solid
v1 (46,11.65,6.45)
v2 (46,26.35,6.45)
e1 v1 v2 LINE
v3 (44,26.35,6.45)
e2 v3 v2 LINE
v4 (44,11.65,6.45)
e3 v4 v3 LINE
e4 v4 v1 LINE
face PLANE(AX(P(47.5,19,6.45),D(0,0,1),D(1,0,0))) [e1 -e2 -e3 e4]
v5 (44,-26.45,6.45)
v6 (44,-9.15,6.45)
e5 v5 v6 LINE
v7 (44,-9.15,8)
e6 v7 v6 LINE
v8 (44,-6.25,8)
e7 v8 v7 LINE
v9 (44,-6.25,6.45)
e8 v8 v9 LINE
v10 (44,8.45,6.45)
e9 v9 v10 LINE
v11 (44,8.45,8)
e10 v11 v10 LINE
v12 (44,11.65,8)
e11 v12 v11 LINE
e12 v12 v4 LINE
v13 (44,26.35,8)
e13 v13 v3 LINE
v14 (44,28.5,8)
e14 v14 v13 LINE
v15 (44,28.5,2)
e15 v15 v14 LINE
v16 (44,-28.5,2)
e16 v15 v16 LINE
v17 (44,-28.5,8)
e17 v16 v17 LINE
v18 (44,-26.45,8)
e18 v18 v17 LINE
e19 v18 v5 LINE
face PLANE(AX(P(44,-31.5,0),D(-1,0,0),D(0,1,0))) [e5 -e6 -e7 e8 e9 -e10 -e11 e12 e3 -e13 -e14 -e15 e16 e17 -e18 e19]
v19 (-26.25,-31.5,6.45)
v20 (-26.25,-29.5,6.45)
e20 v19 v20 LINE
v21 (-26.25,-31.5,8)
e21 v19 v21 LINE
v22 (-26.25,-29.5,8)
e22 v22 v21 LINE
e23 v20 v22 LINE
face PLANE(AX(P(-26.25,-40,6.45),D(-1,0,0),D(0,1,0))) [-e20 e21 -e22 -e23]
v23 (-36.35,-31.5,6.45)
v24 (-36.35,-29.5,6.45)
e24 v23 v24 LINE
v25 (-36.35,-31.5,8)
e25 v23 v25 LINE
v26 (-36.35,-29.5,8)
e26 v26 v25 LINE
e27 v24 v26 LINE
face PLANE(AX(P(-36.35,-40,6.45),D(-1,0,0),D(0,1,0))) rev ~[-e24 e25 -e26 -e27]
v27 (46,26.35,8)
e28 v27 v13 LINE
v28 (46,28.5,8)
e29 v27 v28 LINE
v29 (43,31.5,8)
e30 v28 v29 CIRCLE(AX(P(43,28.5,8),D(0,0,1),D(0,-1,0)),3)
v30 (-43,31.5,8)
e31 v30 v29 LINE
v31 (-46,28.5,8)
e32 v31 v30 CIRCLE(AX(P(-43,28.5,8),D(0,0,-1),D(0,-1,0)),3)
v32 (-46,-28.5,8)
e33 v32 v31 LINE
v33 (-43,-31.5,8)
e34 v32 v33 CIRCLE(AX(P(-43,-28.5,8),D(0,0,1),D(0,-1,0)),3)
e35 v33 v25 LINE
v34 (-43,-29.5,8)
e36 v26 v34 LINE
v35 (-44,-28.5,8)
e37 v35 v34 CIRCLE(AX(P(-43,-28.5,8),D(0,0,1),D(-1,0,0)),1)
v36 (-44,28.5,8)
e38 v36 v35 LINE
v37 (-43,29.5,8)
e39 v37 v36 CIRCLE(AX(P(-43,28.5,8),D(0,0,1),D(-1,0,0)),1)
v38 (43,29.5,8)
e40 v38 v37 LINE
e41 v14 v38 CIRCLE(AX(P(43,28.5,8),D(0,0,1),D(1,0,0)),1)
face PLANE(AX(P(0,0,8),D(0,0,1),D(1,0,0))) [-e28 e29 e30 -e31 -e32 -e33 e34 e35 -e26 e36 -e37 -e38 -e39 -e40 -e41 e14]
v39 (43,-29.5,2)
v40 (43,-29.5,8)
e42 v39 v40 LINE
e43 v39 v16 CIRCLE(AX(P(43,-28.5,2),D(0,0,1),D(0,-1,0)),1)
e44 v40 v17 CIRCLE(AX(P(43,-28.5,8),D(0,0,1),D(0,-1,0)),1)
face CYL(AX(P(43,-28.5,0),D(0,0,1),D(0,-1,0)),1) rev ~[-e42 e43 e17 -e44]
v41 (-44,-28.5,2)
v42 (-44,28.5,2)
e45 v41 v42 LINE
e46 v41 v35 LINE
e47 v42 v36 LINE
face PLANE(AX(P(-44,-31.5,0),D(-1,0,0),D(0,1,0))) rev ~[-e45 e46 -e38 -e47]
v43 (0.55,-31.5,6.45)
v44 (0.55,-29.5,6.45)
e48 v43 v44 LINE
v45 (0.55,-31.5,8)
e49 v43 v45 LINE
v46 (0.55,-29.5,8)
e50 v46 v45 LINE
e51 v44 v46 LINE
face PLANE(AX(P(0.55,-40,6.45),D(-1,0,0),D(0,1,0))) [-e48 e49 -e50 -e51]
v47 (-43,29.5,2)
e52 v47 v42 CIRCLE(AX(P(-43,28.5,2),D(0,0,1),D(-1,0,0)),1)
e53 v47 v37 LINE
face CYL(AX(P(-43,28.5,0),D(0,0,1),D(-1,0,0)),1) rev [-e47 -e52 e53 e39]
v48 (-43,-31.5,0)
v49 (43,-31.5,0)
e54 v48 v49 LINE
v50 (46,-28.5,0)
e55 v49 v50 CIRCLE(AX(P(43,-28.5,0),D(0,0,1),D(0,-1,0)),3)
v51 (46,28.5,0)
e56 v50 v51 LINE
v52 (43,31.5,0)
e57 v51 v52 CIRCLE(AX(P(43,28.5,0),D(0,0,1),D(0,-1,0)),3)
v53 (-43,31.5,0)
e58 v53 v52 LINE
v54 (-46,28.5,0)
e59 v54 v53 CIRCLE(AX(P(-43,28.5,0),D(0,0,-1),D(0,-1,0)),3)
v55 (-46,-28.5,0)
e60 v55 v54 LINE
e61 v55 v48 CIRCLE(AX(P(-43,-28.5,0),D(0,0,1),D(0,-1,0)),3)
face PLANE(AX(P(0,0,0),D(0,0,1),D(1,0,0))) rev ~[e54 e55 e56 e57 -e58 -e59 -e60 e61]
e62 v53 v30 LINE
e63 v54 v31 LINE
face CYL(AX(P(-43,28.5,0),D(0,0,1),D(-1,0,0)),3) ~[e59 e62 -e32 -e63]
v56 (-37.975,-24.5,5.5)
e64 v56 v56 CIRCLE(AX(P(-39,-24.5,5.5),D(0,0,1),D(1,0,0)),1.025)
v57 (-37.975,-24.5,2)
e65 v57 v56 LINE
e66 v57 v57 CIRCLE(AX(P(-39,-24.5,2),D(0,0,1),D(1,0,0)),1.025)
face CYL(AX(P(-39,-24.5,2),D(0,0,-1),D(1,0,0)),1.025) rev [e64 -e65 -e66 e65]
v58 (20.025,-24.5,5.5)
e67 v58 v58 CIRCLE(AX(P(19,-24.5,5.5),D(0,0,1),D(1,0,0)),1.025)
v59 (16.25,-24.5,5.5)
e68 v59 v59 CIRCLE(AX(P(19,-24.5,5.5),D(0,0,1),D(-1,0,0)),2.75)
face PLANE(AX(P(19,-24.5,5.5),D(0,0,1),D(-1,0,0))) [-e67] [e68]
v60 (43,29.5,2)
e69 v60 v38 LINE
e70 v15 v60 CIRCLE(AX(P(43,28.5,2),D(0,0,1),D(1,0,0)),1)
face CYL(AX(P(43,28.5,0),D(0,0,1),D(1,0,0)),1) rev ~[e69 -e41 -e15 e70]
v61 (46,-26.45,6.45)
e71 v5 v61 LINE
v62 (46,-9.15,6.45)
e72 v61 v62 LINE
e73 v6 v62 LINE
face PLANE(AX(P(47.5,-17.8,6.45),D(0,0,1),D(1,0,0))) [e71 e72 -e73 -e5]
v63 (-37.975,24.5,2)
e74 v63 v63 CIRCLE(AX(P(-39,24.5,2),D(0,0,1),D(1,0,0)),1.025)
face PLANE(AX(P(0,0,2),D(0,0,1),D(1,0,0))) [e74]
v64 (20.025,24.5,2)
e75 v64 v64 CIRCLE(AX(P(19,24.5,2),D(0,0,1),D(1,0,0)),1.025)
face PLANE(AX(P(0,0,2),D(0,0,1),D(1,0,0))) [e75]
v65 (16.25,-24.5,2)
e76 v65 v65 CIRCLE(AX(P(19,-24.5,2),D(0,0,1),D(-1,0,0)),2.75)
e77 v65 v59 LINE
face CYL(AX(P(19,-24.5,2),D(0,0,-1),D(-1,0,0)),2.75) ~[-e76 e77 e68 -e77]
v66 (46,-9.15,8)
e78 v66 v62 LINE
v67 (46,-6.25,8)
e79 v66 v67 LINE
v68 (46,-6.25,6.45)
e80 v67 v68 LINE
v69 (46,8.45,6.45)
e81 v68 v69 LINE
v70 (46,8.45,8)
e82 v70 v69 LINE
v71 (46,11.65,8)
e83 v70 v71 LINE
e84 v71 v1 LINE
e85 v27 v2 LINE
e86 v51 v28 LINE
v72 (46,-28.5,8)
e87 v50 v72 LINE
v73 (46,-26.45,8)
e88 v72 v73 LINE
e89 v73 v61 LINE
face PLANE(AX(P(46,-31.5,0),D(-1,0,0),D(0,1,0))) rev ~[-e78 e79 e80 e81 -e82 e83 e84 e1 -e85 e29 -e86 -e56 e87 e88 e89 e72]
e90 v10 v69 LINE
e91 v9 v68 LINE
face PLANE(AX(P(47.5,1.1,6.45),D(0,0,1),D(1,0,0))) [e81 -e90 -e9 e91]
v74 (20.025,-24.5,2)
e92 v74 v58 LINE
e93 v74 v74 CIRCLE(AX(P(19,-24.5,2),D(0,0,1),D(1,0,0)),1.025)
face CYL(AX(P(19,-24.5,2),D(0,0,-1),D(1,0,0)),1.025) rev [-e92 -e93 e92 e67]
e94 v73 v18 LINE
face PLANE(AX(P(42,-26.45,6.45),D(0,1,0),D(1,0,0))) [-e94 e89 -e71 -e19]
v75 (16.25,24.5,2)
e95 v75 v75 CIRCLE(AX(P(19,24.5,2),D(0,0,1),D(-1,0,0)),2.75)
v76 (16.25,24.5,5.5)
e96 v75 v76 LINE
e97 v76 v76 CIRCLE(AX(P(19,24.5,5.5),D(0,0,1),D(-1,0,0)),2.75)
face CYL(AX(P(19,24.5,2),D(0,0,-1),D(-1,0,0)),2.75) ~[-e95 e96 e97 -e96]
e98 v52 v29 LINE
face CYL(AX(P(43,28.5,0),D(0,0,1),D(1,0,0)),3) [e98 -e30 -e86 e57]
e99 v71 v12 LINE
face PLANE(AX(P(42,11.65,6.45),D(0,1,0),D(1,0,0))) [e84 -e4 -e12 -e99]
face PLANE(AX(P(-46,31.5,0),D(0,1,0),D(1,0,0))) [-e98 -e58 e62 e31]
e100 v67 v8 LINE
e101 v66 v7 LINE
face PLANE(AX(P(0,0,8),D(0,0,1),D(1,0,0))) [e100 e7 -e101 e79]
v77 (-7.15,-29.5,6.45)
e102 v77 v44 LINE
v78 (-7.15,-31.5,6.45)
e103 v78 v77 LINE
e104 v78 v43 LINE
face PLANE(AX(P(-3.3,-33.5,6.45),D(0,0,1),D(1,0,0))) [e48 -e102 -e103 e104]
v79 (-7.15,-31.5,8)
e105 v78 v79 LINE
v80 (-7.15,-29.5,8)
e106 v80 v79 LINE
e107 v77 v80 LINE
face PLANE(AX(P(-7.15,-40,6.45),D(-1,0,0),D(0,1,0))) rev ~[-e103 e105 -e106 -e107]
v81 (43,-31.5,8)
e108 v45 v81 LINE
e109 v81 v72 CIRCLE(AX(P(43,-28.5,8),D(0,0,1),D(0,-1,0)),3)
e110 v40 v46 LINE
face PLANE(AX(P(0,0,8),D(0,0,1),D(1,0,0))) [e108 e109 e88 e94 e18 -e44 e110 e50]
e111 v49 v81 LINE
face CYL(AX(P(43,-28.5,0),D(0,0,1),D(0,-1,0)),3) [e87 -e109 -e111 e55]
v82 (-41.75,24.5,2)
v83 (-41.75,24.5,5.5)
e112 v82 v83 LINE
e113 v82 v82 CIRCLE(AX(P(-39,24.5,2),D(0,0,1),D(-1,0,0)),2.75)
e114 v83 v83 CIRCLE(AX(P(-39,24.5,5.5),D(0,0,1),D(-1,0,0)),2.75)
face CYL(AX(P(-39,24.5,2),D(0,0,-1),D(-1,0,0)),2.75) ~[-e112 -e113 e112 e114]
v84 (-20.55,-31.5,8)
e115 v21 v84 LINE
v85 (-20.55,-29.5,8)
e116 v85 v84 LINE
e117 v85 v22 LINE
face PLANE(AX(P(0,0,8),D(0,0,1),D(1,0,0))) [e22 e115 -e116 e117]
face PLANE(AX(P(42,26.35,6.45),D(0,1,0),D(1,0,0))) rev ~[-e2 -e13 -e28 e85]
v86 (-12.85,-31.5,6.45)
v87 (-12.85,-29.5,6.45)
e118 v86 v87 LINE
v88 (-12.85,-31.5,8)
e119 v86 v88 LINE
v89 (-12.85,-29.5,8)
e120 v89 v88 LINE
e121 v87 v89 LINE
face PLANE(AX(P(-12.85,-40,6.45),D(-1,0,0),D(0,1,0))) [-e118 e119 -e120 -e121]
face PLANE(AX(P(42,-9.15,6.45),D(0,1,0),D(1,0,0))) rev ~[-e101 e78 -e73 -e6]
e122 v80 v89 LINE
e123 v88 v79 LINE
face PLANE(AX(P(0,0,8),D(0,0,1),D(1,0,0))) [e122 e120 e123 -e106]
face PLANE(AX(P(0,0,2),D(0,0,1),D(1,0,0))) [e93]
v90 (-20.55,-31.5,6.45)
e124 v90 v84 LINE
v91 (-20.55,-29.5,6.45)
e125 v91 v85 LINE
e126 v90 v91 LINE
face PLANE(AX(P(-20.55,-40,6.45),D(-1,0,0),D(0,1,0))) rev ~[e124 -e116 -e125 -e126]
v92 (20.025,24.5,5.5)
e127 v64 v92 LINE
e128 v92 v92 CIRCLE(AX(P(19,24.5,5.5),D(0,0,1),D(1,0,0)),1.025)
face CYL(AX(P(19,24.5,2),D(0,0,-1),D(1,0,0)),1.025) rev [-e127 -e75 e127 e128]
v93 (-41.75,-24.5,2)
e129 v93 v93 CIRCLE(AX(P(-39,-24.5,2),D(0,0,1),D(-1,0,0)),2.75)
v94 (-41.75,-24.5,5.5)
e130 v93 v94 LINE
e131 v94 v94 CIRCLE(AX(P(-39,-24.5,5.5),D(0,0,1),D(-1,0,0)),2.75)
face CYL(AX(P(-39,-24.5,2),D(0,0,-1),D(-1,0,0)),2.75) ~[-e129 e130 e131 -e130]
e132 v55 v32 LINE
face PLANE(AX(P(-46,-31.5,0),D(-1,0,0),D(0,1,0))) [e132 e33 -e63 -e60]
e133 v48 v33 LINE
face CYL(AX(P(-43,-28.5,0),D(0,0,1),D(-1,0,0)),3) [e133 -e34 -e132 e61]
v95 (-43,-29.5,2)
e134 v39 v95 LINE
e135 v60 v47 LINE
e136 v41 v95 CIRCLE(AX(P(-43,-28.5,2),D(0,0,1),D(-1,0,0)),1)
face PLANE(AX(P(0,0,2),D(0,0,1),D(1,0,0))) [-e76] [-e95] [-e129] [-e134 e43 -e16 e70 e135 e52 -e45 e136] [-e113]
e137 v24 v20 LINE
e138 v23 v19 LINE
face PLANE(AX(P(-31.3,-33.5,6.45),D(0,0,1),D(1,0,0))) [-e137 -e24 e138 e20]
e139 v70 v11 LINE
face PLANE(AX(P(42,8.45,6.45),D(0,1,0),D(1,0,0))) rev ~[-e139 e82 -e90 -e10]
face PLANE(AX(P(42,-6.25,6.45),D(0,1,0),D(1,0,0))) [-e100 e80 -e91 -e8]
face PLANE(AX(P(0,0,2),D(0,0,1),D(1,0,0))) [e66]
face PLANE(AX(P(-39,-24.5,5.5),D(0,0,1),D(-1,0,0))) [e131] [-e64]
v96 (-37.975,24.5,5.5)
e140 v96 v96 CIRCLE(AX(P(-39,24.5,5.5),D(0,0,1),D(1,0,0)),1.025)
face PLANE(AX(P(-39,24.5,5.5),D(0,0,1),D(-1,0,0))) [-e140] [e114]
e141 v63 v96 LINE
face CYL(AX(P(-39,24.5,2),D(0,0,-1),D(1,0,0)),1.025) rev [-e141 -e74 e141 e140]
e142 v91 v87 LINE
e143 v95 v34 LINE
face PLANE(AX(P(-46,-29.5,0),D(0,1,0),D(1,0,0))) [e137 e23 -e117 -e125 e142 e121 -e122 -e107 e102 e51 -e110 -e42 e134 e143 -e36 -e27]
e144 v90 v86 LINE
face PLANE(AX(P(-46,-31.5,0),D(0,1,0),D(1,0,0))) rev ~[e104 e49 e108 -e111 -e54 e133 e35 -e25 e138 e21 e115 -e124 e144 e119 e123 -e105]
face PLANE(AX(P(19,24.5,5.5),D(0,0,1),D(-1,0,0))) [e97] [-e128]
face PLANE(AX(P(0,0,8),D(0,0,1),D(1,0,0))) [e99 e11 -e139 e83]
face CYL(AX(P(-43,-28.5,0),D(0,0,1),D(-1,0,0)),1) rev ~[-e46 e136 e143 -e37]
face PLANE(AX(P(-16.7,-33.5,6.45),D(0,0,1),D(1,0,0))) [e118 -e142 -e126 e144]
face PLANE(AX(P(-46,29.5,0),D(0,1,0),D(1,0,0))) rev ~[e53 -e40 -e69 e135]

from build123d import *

# Parameters (mm, degrees)
CASEENVELOPE_W                       = 92
CASEENVELOPE_H                       = 63
BOTTOM_ENVELOPE_DEPTH                = 8
OUTSIDE_R3_R                         = 3
SHELL_1_T                            = -2
SIDEPORT_CLEARANCE_1_START           = 6.45
SIDEPORT_PROFILE_1_W                 = 10.1
SIDEPORT_PROFILE_1_H                 = 13
SIDEPORT_CLEARANCE_1_DEPTH           = 4.5
SIDEPORT_CLEARANCE_2_START           = 6.45
SIDEPORT_PROFILE_2_W                 = 7.7
SIDEPORT_PROFILE_2_H                 = 13
SIDEPORT_CLEARANCE_2_DEPTH           = 4.7
SIDEPORT_CLEARANCE_3_START           = 6.45
SIDEPORT_PROFILE_3_W                 = 7.7
SIDEPORT_PROFILE_3_H                 = 13
SIDEPORT_CLEARANCE_3_DEPTH           = 4.7
ENDPORT_CLEARANCE_1_START            = 6.45
ENDPORT_PROFILE_1_W                  = 11
ENDPORT_PROFILE_1_H                  = 17.3
ENDPORT_CLEARANCE_1_DEPTH            = 14.6
ENDPORT_CLEARANCE_2_START            = 6.45
ENDPORT_PROFILE_2_W                  = 11
ENDPORT_PROFILE_2_H                  = 14.7
ENDPORT_CLEARANCE_2_DEPTH            = 16.3
ENDPORT_CLEARANCE_3_START            = 6.45
ENDPORT_PROFILE_3_W                  = 11
ENDPORT_PROFILE_3_H                  = 14.7
ENDPORT_CLEARANCE_3_DEPTH            = 16.3
FOUR_M2P5_STANDOFFS_2P05_PILOT_START = 2
STANDOFF_RINGS_R                     = 2.75
STANDOFF_RINGS_R_2                   = 1.025
FOUR_M2P5_STANDOFFS_2P05_PILOT_DEPTH = 3.5


with BuildPart() as part:
    # CaseEnvelope → Bottom_Envelope (new body)
    with BuildSketch(Plane.XY):
        Rectangle(CASEENVELOPE_W, CASEENVELOPE_H)
    extrude(amount=BOTTOM_ENVELOPE_DEPTH)

    # Outside_R3
    outside_r3_edges = [part.edges().sort_by_distance(p)[0] for p in [
        (46, -31.5, 4),
        (-46, -31.5, 4),
        (-46, 31.5, 4),
        (46, 31.5, 4),
    ]]
    fillet(outside_r3_edges, radius=OUTSIDE_R3_R)

    # 抽壳1
    shell_1_openings = [part.faces().sort_by_distance(p)[0] for p in [
        (0, 0, 8),
    ]]
    offset(amount=SHELL_1_T, openings=shell_1_openings, kind=Kind.INTERSECTION)

    # SidePort_Profile_1 → SidePort_Clearance_1 (cut)
    with BuildSketch(Plane.XY.offset(SIDEPORT_CLEARANCE_1_START)):
        with Locations((-31.3, -33.5)):
            Rectangle(SIDEPORT_PROFILE_1_W, SIDEPORT_PROFILE_1_H)
    extrude(amount=SIDEPORT_CLEARANCE_1_DEPTH, mode=Mode.SUBTRACT)

    # SidePort_Profile_2 → SidePort_Clearance_2 (cut)
    with BuildSketch(Plane.XY.offset(SIDEPORT_CLEARANCE_2_START)):
        with Locations((-16.7, -33.5)):
            Rectangle(SIDEPORT_PROFILE_2_W, SIDEPORT_PROFILE_2_H)
    extrude(amount=SIDEPORT_CLEARANCE_2_DEPTH, mode=Mode.SUBTRACT)

    # SidePort_Profile_3 → SidePort_Clearance_3 (cut)
    with BuildSketch(Plane.XY.offset(SIDEPORT_CLEARANCE_3_START)):
        with Locations((-3.3, -33.5)):
            Rectangle(SIDEPORT_PROFILE_3_W, SIDEPORT_PROFILE_3_H)
    extrude(amount=SIDEPORT_CLEARANCE_3_DEPTH, mode=Mode.SUBTRACT)

    # EndPort_Profile_1 → EndPort_Clearance_1 (cut)
    with BuildSketch(Plane.XY.offset(ENDPORT_CLEARANCE_1_START)):
        with Locations((47.5, -17.8)):
            Rectangle(ENDPORT_PROFILE_1_W, ENDPORT_PROFILE_1_H)
    extrude(amount=ENDPORT_CLEARANCE_1_DEPTH, mode=Mode.SUBTRACT)

    # EndPort_Profile_2 → EndPort_Clearance_2 (cut)
    with BuildSketch(Plane.XY.offset(ENDPORT_CLEARANCE_2_START)):
        with Locations((47.5, 1.1)):
            Rectangle(ENDPORT_PROFILE_2_W, ENDPORT_PROFILE_2_H)
    extrude(amount=ENDPORT_CLEARANCE_2_DEPTH, mode=Mode.SUBTRACT)

    # EndPort_Profile_3 → EndPort_Clearance_3 (cut)
    with BuildSketch(Plane.XY.offset(ENDPORT_CLEARANCE_3_START)):
        with Locations((47.5, 19)):
            Rectangle(ENDPORT_PROFILE_3_W, ENDPORT_PROFILE_3_H)
    extrude(amount=ENDPORT_CLEARANCE_3_DEPTH, mode=Mode.SUBTRACT)

    # Standoff_Rings → Four_M2p5_Standoffs_2p05_Pilot (add)
    # profile 1 of 4: a face of its own
    with BuildSketch(Plane.XY.offset(FOUR_M2P5_STANDOFFS_2P05_PILOT_START)):
        with Locations(Location((-39, -24.5, 0), (0, 0, 180))):
            Circle(STANDOFF_RINGS_R)
        with Locations((-39, -24.5)):
            Circle(STANDOFF_RINGS_R_2, mode=Mode.SUBTRACT)
    # profile 2 of 4: a face of its own
    with BuildSketch(Plane.XY.offset(FOUR_M2P5_STANDOFFS_2P05_PILOT_START)):
        with Locations(Location((-39, 24.5, 0), (0, 0, 180))):
            Circle(STANDOFF_RINGS_R)
        with Locations((-39, 24.5)):
            Circle(STANDOFF_RINGS_R_2, mode=Mode.SUBTRACT)
    # profile 3 of 4: a face of its own
    with BuildSketch(Plane.XY.offset(FOUR_M2P5_STANDOFFS_2P05_PILOT_START)):
        with Locations(Location((19, -24.5, 0), (0, 0, 180))):
            Circle(STANDOFF_RINGS_R)
        with Locations((19, -24.5)):
            Circle(STANDOFF_RINGS_R_2, mode=Mode.SUBTRACT)
    # profile 4 of 4: a face of its own
    with BuildSketch(Plane.XY.offset(FOUR_M2P5_STANDOFFS_2P05_PILOT_START)):
        with Locations(Location((19, 24.5, 0), (0, 0, 180))):
            Circle(STANDOFF_RINGS_R)
        with Locations((19, 24.5)):
            Circle(STANDOFF_RINGS_R_2, mode=Mode.SUBTRACT)
    extrude(amount=FOUR_M2P5_STANDOFFS_2P05_PILOT_DEPTH)


solid = part.part
